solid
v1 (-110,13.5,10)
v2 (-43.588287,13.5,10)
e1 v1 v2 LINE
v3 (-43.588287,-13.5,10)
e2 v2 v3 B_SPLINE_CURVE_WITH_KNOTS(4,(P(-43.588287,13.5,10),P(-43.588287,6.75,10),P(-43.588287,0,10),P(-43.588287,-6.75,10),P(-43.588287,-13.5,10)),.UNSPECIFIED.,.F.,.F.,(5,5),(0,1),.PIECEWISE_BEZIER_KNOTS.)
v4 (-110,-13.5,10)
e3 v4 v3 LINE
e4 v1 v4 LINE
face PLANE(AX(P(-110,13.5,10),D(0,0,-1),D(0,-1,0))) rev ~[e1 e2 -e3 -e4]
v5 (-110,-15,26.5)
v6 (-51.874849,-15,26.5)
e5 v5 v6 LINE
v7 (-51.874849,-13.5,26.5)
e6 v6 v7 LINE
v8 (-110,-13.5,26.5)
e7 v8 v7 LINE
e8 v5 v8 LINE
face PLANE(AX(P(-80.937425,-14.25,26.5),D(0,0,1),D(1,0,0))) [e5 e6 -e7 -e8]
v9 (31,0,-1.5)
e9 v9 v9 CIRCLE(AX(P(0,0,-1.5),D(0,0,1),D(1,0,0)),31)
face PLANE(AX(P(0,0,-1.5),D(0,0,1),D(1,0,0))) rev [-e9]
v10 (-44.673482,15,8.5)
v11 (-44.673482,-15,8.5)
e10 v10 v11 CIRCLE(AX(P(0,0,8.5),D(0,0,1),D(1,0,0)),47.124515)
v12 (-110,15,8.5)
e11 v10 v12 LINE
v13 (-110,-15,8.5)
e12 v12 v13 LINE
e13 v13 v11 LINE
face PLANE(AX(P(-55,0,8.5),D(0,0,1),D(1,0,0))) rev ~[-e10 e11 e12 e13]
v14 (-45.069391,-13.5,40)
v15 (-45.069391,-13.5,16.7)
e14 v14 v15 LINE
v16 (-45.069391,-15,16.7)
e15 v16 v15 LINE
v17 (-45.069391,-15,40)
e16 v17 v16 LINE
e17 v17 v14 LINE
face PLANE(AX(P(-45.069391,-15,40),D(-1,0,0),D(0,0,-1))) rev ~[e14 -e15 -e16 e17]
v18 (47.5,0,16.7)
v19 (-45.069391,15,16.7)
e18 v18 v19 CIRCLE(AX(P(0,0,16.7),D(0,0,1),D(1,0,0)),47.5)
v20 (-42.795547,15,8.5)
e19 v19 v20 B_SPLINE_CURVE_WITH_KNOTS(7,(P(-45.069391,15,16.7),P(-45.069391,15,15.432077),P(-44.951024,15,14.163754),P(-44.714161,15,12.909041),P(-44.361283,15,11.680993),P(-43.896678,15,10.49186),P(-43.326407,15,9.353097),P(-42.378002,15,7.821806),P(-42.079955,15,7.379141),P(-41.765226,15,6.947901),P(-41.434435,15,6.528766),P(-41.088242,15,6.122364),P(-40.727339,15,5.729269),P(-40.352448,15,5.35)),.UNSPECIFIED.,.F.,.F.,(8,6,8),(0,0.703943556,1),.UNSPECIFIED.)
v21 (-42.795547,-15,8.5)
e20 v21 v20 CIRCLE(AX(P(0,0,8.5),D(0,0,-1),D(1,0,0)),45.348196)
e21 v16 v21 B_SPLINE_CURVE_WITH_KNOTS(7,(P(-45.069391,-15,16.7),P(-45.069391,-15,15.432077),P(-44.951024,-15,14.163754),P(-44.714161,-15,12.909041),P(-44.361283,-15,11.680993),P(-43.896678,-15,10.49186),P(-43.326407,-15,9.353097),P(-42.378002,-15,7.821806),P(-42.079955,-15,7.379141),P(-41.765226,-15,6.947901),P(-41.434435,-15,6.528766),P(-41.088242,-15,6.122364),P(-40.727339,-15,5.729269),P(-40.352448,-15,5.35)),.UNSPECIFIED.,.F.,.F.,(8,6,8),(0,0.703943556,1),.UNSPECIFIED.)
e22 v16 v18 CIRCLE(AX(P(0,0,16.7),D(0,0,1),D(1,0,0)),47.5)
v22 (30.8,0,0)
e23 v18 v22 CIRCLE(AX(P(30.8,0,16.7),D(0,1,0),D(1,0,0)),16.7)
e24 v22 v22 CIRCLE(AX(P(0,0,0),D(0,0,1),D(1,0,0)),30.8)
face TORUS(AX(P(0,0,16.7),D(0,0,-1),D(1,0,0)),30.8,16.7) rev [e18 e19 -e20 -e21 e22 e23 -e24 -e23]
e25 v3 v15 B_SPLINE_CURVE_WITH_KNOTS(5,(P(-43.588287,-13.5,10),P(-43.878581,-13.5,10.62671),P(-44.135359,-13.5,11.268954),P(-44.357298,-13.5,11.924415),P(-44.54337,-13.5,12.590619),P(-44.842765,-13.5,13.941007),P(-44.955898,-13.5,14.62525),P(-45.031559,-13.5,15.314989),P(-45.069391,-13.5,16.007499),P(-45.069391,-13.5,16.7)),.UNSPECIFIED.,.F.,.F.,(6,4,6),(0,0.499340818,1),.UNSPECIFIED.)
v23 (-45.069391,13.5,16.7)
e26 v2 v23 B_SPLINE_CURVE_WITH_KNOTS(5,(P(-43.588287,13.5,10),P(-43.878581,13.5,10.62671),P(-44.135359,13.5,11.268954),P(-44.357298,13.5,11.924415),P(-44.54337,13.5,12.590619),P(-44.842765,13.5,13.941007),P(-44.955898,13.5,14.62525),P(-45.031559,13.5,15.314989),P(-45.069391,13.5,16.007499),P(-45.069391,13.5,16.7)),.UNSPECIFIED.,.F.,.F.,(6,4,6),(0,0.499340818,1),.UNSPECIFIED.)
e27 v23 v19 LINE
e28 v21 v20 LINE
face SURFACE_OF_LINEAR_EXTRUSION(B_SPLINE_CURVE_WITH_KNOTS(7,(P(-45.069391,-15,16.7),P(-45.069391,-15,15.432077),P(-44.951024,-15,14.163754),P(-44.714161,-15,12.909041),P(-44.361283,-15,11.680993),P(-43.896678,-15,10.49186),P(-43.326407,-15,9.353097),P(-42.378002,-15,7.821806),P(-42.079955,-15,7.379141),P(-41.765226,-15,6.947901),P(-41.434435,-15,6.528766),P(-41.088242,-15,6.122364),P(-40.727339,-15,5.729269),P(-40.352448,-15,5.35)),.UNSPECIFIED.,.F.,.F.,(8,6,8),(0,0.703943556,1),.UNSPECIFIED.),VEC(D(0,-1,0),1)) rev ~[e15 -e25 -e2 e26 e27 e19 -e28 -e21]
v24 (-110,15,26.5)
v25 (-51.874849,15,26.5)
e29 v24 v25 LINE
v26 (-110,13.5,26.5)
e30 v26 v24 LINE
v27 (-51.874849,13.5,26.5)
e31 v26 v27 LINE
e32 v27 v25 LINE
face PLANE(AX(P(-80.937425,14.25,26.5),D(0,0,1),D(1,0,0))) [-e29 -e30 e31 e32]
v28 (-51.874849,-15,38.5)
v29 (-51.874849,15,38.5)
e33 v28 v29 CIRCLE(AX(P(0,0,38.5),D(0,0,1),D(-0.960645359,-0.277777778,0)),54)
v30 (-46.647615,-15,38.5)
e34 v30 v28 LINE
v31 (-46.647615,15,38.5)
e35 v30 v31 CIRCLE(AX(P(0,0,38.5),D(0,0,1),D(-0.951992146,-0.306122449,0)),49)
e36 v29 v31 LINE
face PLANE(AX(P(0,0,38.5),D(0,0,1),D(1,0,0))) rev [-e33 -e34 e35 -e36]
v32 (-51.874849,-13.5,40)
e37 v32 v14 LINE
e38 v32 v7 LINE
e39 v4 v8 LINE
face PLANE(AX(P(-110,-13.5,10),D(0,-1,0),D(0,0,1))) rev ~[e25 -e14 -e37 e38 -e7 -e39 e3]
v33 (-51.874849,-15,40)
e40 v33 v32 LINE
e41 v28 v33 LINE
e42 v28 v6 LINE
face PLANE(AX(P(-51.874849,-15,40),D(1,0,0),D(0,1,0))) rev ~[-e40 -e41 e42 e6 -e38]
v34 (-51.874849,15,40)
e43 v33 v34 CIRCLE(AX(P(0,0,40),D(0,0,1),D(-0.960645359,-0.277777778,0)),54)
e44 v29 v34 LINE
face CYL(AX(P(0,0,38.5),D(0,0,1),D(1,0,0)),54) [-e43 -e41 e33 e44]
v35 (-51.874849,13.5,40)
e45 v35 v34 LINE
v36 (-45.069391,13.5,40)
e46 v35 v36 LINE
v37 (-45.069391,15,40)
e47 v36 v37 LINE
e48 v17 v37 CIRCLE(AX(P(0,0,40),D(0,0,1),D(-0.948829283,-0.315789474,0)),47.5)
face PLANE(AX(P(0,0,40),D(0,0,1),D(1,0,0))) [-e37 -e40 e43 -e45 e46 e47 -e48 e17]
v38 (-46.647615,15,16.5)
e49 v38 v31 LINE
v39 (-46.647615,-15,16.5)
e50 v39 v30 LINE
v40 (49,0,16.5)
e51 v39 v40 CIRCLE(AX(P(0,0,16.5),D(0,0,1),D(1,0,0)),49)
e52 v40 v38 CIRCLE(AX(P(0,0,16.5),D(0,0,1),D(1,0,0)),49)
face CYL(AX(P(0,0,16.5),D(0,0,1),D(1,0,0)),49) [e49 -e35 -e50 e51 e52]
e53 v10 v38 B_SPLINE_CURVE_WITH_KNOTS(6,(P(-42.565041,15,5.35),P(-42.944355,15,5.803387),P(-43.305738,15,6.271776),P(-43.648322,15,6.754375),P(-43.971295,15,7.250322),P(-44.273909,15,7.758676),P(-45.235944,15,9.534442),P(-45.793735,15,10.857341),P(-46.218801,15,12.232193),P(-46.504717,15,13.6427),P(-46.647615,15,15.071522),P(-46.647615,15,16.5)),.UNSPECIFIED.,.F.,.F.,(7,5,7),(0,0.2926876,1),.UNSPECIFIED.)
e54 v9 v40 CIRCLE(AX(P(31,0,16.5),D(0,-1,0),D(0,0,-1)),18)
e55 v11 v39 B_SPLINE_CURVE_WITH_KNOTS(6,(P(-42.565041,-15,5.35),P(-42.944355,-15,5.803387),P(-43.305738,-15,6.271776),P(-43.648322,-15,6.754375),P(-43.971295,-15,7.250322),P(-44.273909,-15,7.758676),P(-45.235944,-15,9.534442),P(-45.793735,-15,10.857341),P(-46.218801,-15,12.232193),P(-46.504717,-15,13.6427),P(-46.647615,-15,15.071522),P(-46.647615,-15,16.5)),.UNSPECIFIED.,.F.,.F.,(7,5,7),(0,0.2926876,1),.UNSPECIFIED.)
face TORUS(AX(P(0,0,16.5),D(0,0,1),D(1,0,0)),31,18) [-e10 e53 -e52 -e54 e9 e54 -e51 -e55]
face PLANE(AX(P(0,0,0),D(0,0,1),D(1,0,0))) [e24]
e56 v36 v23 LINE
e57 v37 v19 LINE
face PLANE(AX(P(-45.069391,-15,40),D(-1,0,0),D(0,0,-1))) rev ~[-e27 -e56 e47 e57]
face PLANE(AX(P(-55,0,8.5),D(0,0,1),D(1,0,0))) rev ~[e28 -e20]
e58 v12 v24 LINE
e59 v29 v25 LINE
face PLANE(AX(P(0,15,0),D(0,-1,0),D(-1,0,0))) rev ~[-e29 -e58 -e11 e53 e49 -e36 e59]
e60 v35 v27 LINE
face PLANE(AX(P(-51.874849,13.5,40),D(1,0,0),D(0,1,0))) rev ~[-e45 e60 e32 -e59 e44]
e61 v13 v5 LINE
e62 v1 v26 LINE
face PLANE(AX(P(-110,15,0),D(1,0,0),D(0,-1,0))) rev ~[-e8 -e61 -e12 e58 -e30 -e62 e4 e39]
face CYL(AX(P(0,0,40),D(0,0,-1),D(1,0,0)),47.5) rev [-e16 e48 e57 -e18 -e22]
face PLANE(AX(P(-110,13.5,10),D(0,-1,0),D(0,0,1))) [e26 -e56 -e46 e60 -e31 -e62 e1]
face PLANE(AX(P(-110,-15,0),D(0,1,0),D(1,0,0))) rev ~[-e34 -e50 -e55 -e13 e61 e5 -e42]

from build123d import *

# Parameters (mm, degrees)
F2_DEPTH = 40
F3_DEPTH = 8.5
F4_W     = 27
F4_H     = 30
F6_DEPTH = 110
F7_DEPTH = 30
F8_W     = 58.1251506026
F8_H     = 1.5
F9_DEPTH = 13.5


with BuildPart() as f2:
    # F0 (on Top) → F2 (new body)
    with BuildSketch(Plane.XY):
        Polygon((0, -15), (0, 0), (0, 15), (-110, 15), (-110, -15), align=None)
    extrude(amount=F2_DEPTH)

    # F0 (on Top) → F3 (cut)
    with BuildSketch(Plane.XY):
        Polygon((0, -15), (0, 0), (0, 15), (-110, 15), (-110, -15), align=None)
    extrude(amount=F3_DEPTH, mode=Mode.SUBTRACT)

    # F1 (on Front) → F5 (revolve)
    with BuildSketch(Plane.XZ):
        with BuildLine():
            Line((30.8, 0), (0, 0))
            Line((0, 0), (0, -1.5))
            Line((0, -1.5), (31, -1.5))
            ThreePointArc((31, -1.5), (43.7279220614, 3.7720779386), (49, 16.5))
            Line((49, 16.5), (49, 38.5))
            Line((49, 38.5), (54, 38.5))
            Line((54, 38.5), (54, 40))
            Line((54, 40), (47.5, 40))
            Line((47.5, 40), (47.5, 16.7))
            ThreePointArc((47.5, 16.7), (42.6086832458, 4.8913167542), (30.8, 0))
        make_face()
    revolve(axis=Axis((0, 0, -0.75), (0, 0, 1)))

    # F4 (on face) → F6 (cut)
    with BuildSketch(Plane(origin=(-110, 0, 0), x_dir=(0, -1, 0), z_dir=(-1, 0, 0))):
        with Locations((0, 25)):
            Rectangle(F4_W, F4_H)
    extrude(amount=-F6_DEPTH, mode=Mode.SUBTRACT)

    # F7 (cut): a face of the model
    f7_faces = [f2.faces().sort_by_distance(p)[0] for p in [
        (-22.4413063846, -15, 24.3086468334),
    ]]
    extrude(f7_faces, amount=-F7_DEPTH, mode=Mode.SUBTRACT)

    # F8 (on face) → F9 (cut)
    with BuildSketch(Plane.XY.offset(40)):
        with Locations((-80.9374246987, -14.25)):
            Rectangle(F8_W, F8_H)
        with Locations((-80.9374246987, 14.25)):
            Rectangle(F8_W, F8_H)
    extrude(amount=-F9_DEPTH, mode=Mode.SUBTRACT)


solid = f2.part
